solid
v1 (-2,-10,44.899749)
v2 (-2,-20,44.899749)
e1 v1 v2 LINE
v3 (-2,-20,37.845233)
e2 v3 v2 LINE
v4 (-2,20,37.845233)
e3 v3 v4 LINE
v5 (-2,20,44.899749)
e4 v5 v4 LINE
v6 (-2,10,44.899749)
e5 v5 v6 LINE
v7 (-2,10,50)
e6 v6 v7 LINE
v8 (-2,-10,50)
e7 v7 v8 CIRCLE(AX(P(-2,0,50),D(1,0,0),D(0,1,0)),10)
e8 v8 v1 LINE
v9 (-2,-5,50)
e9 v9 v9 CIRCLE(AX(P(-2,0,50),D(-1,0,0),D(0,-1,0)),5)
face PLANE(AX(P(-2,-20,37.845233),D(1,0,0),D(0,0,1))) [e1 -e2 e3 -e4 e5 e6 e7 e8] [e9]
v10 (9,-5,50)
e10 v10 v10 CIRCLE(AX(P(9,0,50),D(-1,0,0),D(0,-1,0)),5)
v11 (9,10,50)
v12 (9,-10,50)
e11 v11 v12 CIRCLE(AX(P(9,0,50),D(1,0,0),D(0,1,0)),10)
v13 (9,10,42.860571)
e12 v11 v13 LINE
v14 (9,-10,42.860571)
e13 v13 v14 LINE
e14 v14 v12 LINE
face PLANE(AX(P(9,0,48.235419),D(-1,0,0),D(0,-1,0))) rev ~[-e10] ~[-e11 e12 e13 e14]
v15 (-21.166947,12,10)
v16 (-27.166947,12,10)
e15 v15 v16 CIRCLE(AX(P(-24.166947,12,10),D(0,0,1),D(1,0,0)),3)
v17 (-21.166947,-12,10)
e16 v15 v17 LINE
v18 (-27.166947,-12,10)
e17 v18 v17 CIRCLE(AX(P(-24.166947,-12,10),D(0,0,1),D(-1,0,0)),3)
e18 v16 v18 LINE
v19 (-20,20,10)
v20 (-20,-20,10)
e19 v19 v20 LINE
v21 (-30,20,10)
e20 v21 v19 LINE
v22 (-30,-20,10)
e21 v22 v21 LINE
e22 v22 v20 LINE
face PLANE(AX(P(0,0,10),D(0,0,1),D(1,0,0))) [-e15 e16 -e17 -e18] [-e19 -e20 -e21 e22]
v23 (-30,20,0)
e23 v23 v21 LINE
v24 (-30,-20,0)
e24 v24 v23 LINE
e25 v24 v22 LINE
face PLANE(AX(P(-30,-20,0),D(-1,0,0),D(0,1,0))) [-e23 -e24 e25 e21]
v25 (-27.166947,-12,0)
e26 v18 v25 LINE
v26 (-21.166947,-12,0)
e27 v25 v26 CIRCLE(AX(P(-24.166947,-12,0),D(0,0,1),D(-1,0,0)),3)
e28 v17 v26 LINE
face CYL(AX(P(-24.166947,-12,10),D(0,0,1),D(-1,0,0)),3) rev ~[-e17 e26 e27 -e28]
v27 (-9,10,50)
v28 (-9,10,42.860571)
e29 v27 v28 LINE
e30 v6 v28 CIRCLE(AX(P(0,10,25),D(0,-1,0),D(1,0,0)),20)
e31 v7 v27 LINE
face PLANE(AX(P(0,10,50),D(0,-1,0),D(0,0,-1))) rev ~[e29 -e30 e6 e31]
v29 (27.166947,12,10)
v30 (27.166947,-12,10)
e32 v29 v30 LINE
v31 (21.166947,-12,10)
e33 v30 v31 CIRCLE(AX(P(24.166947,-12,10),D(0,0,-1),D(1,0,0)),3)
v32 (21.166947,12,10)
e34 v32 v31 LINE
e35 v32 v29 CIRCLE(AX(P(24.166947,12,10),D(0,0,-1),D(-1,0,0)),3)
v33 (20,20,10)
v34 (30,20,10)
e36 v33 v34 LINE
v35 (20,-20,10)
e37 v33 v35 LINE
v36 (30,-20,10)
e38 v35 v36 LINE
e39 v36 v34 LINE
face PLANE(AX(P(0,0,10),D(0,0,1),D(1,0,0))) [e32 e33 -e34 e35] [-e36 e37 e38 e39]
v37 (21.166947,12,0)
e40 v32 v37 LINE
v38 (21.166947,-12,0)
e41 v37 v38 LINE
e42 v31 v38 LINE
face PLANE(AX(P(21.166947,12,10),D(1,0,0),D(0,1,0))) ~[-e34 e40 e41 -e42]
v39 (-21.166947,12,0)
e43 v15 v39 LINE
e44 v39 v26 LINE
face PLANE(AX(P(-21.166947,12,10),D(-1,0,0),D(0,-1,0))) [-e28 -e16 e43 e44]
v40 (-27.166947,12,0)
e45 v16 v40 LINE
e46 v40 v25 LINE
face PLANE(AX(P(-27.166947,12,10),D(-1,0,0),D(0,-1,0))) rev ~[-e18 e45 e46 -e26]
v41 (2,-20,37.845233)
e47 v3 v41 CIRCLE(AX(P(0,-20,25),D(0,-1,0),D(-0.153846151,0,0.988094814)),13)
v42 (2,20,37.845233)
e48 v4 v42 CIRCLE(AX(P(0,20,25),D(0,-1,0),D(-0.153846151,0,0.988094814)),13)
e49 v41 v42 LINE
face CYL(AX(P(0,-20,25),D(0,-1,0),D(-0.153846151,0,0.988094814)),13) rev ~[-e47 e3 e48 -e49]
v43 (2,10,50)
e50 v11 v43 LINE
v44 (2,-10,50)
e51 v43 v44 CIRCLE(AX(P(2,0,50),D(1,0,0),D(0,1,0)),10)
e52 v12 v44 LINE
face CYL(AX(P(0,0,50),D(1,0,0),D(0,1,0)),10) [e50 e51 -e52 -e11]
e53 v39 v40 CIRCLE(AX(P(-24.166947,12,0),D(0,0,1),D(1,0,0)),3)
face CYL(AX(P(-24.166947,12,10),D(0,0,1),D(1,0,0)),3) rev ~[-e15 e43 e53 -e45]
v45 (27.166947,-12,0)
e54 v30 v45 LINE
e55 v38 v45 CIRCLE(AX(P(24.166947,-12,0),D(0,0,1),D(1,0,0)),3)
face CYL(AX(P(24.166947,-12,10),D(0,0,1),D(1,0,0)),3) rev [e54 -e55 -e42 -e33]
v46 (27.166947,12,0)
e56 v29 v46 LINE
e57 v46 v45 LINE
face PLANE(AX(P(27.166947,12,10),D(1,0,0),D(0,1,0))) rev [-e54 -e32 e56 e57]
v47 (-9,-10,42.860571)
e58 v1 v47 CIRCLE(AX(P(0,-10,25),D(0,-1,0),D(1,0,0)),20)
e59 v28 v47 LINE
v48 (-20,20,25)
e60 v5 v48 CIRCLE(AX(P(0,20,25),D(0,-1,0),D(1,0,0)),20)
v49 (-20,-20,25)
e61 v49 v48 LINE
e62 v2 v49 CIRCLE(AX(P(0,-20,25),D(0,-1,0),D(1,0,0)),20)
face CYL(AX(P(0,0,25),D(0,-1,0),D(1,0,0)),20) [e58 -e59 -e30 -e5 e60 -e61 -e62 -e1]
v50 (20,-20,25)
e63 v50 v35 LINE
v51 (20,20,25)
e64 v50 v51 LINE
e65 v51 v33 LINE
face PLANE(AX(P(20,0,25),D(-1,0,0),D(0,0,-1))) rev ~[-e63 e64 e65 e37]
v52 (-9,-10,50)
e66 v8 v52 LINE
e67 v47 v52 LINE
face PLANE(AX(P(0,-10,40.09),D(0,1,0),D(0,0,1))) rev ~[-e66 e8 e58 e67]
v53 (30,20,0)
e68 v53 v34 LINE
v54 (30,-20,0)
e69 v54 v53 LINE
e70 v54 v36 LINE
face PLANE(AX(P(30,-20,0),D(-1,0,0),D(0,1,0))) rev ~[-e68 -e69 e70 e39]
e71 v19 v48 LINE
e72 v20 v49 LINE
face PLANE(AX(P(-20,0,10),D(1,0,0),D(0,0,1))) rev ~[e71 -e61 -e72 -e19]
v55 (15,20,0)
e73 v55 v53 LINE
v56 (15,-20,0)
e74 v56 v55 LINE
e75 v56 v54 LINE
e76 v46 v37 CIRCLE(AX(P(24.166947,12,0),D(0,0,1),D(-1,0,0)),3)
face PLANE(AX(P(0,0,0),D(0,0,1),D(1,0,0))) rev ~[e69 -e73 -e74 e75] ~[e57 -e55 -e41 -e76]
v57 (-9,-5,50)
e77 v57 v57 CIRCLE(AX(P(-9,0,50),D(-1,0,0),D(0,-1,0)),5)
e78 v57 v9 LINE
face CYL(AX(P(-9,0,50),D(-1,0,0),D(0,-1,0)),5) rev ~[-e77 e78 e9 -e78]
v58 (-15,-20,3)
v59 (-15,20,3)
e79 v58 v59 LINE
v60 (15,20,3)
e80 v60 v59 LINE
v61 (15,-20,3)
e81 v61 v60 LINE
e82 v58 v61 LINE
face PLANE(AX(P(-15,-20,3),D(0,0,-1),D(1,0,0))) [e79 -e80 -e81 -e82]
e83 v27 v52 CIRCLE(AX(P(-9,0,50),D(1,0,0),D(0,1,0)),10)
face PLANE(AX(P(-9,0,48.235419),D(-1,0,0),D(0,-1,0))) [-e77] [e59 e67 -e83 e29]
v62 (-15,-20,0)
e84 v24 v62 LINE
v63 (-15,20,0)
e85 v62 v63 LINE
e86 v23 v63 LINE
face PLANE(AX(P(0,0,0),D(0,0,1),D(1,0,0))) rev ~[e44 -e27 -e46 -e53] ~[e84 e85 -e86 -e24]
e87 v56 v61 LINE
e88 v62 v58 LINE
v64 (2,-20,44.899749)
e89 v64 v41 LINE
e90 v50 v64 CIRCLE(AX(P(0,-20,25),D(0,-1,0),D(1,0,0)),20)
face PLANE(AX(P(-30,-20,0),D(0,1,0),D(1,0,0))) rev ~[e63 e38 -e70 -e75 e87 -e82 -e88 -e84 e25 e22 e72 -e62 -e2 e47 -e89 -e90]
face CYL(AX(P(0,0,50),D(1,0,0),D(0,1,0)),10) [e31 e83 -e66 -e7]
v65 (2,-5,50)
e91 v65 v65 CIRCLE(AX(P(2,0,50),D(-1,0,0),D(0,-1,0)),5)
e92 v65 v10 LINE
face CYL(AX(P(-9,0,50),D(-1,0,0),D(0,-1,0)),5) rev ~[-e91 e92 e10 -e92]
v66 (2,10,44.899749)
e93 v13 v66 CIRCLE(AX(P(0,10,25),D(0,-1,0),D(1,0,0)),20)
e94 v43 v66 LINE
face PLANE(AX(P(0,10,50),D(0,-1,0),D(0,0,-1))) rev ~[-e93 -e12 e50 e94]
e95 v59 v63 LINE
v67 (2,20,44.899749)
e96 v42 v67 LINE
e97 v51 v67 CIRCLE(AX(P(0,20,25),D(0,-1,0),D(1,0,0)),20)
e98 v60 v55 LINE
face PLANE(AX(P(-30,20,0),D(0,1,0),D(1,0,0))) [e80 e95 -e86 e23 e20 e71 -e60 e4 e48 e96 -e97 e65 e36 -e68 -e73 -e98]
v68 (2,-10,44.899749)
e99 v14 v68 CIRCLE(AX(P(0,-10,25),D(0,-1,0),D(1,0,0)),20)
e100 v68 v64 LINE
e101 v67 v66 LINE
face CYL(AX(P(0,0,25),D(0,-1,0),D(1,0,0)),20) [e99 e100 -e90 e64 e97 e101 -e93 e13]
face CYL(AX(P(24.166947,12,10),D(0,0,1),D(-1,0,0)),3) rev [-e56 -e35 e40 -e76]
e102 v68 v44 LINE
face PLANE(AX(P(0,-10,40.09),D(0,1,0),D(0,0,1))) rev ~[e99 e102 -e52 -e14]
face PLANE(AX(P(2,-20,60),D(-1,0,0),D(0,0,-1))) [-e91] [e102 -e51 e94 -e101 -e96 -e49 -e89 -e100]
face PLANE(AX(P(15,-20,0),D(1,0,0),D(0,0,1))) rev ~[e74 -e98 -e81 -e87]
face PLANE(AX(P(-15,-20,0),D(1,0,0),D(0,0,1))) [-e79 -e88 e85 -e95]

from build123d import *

# Parameters (mm, degrees)
SKETCH_W        = 60
SKETCH_H        = 40
PAD_DEPTH       = 10
PAD001_DEPTH    = 20
PAD002_DEPTH    = 9
SKETCH004_R     = 5
POCKET_DEPTH    = 39.001
POCKET001_DEPTH = 40.001
SKETCH005_W     = 30
SKETCH005_H     = 3
POCKET002_DEPTH = 40.001
POCKET003_DEPTH = 197.61763


with BuildPart() as part:
    # Sketch → Pad (new body)
    with BuildSketch(Plane.XY):
        Rectangle(SKETCH_W, SKETCH_H)
    extrude(amount=PAD_DEPTH)

    # Sketch001 → Pad001 (join, symmetric)
    with BuildSketch(Plane.XZ):
        with BuildLine():
            Line((-20, 10), (-20, 25))
            ThreePointArc((20, 25), (0, 45), (-20, 25))
            Line((20, 25), (20, 10))
            Line((-20, 10), (20, 10))
        make_face()
    extrude(amount=PAD001_DEPTH, both=True)

    # Sketch002 → Pad002 (join, symmetric)
    with BuildSketch(Plane.YZ):
        with BuildLine():
            Line((-10, 40.09), (-10, 50))
            ThreePointArc((10, 50), (0, 60), (-10, 50))
            Line((10, 50), (10, 40.09))
            Line((-10, 40.09), (10, 40.09))
        make_face()
    extrude(amount=PAD002_DEPTH, both=True)

    # Sketch004 (on Face13 of Pad002) → Pocket (cut, through all)
    with BuildSketch(Plane(origin=(-9, 0, 0), x_dir=(0, -1, 0), z_dir=(-1, 0, 0))):
        with Locations((0, 50)):
            Circle(SKETCH004_R)
    extrude(amount=-POCKET_DEPTH, mode=Mode.SUBTRACT)

    # Sketch003 (on Face12 of Pad001) → Pocket001 (cut, through all)
    with BuildSketch(Plane.XZ.offset(20)):
        with BuildLine():
            ThreePointArc((-2, 37.845233), (0, 12), (2, 37.845233))
            Line((2, 60), (2, 37.845233))
            Line((-2, 60), (2, 60))
            Line((-2, 37.845233), (-2, 60))
        make_face()
    extrude(amount=-POCKET001_DEPTH, mode=Mode.SUBTRACT)

    # Sketch005 (on Face8 of Pocket001) → Pocket002 (cut, through all)
    with BuildSketch(Plane.XZ.offset(20)):
        with Locations((0, 1.5)):
            Rectangle(SKETCH005_W, SKETCH005_H)
    extrude(amount=-POCKET002_DEPTH, mode=Mode.SUBTRACT)

    # Sketch006 (on Face10 of Pocket002) → Pocket003 (cut, through all)
    with BuildSketch(Plane.XY.offset(10)):
        with BuildLine():
            ThreePointArc((-21.166947, 12), (-24.166947, 15), (-27.166947, 12))
            Line((-27.166947, 12), (-27.166947, -12))
            ThreePointArc((-27.166947, -12), (-24.166947, -15), (-21.166947, -12))
            Line((-21.166947, 12), (-21.166947, -12))
        make_face()
    pocket003 = extrude(amount=-POCKET003_DEPTH, mode=Mode.SUBTRACT)

    # Mirrored: Pocket003 across Sketch006 V_Axis
    add(pocket003.mirror(Plane(origin=(0, 0, 10), x_dir=(0, 0, 1), z_dir=(1, 0, 0))), mode=Mode.SUBTRACT)


solid = part.part
